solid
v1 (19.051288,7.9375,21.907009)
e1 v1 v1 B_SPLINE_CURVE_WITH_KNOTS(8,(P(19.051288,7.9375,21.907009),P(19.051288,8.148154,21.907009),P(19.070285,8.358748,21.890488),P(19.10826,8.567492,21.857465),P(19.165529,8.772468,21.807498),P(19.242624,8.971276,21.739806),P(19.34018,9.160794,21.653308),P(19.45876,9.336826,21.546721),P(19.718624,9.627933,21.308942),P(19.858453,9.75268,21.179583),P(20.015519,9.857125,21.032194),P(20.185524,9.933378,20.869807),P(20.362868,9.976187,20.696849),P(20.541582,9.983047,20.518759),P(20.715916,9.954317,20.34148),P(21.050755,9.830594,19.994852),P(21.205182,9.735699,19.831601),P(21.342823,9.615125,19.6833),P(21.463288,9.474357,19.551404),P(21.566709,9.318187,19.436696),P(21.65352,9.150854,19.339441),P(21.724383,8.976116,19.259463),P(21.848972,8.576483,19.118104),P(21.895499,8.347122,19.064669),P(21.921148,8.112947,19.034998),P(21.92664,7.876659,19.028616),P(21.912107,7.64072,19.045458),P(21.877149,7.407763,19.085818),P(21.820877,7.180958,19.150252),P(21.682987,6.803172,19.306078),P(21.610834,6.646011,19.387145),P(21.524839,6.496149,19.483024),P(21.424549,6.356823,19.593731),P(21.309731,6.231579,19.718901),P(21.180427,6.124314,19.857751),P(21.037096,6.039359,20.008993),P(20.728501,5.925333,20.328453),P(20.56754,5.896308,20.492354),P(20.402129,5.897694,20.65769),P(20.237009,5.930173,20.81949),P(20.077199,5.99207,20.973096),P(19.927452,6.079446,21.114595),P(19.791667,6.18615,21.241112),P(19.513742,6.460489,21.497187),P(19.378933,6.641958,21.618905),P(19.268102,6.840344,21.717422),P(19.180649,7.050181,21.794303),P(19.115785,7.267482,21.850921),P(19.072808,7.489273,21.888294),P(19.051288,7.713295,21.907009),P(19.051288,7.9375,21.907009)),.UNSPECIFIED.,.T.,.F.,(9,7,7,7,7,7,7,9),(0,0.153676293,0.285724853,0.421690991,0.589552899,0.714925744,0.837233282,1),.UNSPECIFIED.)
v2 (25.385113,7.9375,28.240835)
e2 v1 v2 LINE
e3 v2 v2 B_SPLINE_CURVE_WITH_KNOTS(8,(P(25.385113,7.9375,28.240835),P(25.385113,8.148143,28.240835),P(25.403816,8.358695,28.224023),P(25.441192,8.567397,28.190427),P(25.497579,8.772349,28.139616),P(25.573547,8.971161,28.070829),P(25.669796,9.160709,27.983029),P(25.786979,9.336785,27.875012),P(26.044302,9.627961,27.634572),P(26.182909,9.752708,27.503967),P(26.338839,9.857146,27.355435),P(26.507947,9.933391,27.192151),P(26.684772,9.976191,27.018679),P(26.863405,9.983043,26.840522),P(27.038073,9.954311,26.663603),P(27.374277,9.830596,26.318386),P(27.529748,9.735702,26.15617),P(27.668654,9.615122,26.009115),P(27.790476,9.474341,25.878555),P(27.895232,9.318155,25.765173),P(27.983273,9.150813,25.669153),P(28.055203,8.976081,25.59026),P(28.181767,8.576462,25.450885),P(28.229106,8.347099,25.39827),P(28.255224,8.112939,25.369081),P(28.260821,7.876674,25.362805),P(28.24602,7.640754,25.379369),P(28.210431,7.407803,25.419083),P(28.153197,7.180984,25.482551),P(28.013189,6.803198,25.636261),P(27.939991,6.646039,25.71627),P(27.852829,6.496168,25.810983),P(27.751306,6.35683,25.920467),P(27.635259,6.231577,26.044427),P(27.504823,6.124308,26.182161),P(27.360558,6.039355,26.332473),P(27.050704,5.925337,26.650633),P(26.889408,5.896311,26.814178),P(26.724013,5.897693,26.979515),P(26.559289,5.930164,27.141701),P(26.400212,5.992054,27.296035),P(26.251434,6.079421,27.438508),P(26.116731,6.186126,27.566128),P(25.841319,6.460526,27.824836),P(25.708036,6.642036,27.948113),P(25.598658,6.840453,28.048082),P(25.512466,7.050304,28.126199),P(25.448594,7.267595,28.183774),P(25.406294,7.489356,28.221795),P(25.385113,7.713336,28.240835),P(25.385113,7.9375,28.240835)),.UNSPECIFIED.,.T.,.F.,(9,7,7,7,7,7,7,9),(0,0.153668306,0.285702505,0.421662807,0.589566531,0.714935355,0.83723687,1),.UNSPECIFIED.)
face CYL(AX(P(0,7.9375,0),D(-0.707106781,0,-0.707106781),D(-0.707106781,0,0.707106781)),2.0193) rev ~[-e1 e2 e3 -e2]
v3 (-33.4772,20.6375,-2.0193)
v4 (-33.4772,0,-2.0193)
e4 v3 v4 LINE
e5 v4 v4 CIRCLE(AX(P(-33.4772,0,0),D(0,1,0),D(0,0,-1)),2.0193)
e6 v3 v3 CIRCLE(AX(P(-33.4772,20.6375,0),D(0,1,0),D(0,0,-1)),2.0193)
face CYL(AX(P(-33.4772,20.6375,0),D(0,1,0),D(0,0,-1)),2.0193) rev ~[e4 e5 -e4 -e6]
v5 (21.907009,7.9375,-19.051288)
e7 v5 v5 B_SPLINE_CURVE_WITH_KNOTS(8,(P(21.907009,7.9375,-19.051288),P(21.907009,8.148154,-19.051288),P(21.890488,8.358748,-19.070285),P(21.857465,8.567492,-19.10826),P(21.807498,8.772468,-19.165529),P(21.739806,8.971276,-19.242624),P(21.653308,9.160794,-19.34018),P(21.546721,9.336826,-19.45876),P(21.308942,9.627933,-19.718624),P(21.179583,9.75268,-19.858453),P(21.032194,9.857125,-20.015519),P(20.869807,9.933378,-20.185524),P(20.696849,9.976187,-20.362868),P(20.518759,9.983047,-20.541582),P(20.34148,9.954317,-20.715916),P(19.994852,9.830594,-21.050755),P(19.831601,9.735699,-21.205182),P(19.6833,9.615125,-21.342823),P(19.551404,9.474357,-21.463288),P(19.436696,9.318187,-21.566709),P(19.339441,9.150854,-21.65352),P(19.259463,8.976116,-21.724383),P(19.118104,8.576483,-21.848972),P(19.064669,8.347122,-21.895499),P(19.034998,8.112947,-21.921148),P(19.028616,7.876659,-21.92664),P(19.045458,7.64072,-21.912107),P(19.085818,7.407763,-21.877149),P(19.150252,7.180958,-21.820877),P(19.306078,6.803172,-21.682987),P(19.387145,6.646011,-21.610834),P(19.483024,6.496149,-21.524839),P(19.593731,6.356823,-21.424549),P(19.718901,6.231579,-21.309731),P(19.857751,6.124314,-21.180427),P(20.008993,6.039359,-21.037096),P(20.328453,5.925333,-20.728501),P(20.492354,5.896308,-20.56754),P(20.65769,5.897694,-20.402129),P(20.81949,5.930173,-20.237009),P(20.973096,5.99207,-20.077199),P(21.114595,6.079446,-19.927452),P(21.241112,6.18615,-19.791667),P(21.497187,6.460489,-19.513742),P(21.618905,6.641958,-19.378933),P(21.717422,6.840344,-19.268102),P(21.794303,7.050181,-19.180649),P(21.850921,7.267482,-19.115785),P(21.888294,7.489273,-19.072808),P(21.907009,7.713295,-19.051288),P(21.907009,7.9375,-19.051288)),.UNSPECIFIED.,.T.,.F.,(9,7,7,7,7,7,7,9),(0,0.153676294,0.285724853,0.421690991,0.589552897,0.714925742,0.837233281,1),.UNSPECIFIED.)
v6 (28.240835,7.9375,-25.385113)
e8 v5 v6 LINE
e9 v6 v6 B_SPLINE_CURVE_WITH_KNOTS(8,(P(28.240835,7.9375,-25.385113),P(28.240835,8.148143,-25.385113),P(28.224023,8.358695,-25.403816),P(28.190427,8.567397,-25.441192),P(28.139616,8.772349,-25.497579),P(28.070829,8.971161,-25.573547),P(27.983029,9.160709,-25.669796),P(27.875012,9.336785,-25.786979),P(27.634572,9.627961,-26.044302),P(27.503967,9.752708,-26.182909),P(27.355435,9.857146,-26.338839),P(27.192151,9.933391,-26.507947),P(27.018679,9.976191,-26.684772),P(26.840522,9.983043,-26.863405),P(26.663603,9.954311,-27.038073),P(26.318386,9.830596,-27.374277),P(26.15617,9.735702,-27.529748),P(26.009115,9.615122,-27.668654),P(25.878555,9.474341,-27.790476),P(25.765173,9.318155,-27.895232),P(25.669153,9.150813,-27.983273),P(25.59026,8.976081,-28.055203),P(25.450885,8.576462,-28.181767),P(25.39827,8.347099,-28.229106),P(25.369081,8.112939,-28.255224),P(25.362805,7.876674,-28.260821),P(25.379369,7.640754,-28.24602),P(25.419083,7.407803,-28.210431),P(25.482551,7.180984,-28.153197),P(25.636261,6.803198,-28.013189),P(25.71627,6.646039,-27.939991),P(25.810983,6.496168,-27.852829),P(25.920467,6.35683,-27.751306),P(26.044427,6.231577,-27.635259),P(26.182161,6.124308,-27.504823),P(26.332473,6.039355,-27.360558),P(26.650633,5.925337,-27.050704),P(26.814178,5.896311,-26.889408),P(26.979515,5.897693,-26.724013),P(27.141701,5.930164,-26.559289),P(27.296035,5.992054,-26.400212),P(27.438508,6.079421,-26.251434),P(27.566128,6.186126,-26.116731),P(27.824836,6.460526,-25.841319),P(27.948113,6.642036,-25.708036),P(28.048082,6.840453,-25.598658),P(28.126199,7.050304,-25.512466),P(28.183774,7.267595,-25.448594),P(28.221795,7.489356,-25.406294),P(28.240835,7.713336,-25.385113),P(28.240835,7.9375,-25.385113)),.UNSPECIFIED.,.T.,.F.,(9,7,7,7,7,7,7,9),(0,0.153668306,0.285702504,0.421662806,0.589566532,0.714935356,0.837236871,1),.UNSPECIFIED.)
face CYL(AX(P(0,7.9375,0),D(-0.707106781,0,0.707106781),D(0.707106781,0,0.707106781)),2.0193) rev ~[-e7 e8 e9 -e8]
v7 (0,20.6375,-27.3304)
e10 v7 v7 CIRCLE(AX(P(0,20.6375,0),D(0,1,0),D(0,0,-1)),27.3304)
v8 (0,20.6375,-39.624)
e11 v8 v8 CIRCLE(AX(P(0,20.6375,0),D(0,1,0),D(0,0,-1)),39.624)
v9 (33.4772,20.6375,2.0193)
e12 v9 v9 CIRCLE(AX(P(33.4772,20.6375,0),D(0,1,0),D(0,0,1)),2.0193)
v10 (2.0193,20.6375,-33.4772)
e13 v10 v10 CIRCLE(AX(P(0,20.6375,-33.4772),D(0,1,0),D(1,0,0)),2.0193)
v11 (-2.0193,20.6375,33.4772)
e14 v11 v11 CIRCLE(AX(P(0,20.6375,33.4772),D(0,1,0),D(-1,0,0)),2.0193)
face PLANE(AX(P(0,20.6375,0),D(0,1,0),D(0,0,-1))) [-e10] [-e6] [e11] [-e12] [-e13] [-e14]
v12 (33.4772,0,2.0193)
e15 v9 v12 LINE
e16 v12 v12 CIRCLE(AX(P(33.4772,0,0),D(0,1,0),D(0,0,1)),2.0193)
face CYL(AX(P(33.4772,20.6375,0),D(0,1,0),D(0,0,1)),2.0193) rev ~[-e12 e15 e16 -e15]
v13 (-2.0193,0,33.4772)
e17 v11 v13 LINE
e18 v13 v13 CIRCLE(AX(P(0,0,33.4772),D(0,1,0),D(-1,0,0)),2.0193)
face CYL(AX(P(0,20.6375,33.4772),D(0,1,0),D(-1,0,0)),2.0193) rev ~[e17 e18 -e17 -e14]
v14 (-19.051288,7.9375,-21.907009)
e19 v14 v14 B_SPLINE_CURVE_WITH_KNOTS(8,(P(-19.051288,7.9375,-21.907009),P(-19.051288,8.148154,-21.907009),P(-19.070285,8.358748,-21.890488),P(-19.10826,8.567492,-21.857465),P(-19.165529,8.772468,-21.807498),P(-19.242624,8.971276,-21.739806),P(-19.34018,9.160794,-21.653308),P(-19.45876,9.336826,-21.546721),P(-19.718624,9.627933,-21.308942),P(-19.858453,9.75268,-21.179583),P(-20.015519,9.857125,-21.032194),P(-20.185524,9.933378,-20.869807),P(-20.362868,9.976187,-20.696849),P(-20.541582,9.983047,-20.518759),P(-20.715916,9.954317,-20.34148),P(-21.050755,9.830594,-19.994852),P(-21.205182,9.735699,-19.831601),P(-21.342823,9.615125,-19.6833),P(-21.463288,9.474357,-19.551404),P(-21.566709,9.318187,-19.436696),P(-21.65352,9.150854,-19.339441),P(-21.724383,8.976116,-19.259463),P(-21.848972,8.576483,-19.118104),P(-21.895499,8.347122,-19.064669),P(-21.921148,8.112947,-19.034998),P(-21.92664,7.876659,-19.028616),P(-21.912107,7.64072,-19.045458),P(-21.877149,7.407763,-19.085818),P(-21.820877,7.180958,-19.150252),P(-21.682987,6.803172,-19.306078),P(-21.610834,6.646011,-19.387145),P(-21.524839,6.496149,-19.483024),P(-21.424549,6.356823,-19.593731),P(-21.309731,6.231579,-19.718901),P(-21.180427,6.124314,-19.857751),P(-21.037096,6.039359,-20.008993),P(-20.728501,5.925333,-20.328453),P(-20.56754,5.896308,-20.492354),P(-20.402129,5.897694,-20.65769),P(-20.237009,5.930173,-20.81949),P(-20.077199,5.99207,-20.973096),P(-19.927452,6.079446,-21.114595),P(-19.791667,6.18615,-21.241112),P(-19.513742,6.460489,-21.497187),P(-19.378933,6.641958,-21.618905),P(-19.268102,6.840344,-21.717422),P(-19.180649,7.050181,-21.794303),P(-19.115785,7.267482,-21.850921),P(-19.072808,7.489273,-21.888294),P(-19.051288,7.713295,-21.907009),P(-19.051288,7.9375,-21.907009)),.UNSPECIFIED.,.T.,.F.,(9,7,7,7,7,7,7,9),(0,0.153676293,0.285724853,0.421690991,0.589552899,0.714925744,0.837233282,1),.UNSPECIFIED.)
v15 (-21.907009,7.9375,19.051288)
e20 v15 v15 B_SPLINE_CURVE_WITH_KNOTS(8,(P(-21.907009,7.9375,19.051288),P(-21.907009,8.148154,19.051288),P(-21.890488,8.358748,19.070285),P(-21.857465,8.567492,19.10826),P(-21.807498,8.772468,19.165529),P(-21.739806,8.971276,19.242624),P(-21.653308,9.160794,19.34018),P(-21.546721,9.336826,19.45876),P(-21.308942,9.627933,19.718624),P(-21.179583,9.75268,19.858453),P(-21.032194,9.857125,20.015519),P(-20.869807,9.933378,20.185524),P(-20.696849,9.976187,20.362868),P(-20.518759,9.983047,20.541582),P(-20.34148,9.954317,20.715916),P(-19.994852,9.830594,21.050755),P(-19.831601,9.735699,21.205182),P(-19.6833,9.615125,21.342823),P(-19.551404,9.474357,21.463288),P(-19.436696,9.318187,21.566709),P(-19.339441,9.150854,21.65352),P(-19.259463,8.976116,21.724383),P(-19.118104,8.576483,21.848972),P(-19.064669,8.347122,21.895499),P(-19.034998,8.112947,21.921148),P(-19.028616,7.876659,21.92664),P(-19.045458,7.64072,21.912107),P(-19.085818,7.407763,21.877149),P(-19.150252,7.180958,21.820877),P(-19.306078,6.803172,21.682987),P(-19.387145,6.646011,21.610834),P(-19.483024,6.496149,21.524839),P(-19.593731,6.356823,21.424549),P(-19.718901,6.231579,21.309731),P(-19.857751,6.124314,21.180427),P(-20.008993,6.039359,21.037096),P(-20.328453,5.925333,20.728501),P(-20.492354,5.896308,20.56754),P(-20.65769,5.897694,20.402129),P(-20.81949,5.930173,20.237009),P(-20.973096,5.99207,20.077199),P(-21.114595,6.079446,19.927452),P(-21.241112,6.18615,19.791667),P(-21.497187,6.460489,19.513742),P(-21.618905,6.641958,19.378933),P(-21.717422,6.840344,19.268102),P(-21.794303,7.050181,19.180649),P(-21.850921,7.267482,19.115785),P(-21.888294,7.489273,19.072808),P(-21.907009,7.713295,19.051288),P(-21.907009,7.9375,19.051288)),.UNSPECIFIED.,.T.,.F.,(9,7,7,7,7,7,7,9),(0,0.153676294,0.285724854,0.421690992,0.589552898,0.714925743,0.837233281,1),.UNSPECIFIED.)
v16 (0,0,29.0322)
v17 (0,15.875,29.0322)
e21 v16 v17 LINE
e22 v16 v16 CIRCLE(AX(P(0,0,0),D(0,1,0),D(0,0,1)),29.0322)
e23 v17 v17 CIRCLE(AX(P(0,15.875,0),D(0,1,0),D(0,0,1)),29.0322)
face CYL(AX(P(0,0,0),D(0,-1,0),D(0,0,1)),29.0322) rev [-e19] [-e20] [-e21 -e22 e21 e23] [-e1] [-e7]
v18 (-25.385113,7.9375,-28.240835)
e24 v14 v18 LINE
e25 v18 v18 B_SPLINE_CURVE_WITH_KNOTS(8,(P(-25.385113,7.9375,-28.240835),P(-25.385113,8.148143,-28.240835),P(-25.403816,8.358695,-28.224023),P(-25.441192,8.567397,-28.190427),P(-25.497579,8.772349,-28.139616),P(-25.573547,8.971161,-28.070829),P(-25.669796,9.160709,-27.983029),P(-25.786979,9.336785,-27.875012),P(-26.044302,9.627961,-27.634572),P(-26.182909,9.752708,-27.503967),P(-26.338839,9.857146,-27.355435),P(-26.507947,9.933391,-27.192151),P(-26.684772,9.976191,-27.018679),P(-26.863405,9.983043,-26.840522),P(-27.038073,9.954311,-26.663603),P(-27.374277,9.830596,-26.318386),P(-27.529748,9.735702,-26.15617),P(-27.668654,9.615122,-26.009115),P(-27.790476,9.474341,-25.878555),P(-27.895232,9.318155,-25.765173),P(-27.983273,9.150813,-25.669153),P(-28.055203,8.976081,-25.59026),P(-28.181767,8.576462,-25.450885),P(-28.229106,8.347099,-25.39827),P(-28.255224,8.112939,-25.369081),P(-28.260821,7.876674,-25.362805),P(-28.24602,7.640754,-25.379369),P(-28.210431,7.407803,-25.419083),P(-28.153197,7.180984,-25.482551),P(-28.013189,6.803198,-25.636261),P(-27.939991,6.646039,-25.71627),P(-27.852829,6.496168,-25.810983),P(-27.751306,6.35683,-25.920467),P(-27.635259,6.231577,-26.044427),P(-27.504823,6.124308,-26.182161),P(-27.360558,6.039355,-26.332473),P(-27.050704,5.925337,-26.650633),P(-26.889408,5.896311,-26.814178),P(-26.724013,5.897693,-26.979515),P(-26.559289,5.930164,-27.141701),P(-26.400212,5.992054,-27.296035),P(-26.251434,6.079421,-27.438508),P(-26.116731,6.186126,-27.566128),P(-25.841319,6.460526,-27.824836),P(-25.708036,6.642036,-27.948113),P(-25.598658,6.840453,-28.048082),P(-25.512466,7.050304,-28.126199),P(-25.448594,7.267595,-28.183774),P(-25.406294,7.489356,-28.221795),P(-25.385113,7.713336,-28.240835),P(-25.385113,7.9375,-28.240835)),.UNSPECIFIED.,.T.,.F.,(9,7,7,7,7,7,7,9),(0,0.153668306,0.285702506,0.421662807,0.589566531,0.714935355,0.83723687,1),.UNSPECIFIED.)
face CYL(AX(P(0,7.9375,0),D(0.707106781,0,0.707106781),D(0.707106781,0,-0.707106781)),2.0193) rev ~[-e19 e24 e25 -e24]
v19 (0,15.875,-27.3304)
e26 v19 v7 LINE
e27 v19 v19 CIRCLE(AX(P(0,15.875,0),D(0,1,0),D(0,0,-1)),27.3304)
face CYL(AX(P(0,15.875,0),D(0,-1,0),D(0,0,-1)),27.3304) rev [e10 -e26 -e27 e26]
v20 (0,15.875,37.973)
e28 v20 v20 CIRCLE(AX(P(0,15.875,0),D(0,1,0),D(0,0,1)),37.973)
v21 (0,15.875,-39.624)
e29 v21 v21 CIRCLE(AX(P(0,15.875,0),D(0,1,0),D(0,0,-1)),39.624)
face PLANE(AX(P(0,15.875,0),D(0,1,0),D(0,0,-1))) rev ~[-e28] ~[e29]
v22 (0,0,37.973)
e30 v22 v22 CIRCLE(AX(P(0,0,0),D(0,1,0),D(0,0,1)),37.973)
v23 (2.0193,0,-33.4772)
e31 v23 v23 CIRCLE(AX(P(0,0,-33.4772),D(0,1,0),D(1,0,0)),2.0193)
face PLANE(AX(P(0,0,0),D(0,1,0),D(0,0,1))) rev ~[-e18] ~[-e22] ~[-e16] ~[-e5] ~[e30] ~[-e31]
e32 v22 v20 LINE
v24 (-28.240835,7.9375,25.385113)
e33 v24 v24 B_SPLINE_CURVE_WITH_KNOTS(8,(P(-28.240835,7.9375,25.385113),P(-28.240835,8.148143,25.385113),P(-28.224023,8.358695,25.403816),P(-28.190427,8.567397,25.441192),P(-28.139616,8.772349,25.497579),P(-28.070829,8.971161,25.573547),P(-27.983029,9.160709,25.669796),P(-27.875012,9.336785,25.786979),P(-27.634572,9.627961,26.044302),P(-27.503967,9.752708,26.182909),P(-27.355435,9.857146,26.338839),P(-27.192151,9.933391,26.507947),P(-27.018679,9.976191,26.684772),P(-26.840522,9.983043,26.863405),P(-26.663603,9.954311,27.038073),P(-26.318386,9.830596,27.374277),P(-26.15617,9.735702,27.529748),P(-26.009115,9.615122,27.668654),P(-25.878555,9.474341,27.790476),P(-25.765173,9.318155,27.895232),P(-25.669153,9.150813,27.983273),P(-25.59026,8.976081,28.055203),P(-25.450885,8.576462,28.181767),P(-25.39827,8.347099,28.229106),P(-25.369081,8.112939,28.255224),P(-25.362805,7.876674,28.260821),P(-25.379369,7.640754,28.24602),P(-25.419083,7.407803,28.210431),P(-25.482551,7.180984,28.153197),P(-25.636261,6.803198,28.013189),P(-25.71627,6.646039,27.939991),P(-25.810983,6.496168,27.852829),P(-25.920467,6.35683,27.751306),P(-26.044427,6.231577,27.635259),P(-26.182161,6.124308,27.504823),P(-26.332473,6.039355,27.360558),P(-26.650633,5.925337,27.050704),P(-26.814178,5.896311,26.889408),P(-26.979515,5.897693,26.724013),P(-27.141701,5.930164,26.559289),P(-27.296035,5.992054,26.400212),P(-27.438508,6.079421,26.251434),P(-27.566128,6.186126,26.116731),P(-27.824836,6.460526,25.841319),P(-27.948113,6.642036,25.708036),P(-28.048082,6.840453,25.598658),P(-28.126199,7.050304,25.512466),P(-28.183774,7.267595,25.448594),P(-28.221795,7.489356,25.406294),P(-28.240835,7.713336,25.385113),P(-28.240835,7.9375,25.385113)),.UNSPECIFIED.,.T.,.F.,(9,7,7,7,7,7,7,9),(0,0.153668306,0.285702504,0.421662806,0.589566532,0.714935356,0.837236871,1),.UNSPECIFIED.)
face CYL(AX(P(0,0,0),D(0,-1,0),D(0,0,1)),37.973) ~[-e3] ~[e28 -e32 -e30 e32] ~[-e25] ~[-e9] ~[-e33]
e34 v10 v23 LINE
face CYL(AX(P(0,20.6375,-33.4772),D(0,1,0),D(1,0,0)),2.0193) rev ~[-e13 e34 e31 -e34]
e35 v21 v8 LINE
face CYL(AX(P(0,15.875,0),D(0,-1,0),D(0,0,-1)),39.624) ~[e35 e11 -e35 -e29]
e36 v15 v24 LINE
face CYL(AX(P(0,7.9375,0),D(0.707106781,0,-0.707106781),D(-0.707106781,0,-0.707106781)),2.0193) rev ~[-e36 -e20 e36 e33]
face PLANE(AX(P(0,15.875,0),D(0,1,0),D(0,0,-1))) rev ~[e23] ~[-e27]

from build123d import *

# Parameters (mm, degrees)
SKETCH1_R           = 37.973
SKETCH1_R_2         = 29.0322
BOSS_EXTRUDE1_DEPTH = 15.875
SKETCH3_R           = 39.624
SKETCH3_R_2         = 27.3304
BOSS_EXTRUDE2_DEPTH = 4.7625
SKETCH4_R           = 2.0193
CUT_EXTRUDE1_DEPTH  = 38.5445
CIRPATTERN2_COUNT   = 4
SKETCH5_R           = 2.0193
CUT_EXTRUDE2_DEPTH  = 52.2605
CIRPATTERN3_COUNT   = 4


with BuildPart() as part:
    # Sketch1 → Boss-Extrude1 (new body)
    with BuildSketch(Plane(origin=(0, 0, 0), x_dir=(1, 0, 0), z_dir=(0, 1, 0))):
        with Locations(Location((0, 0, 0), (0, 0, 270))):
            Circle(SKETCH1_R)
        with Locations(Location((0, 0, 0), (0, 0, 270))):
            Circle(SKETCH1_R_2, mode=Mode.SUBTRACT)
    extrude(amount=BOSS_EXTRUDE1_DEPTH)

    # Sketch3 → Boss-Extrude2 (add)
    with BuildSketch(Plane(origin=(0, 15.875, 0), x_dir=(1, 0, 0), z_dir=(0, 1, 0))):
        with Locations(Location((0, 0, 0), (0, 0, 90))):
            Circle(SKETCH3_R)
        with Locations(Location((0, 0, 0), (0, 0, 90))):
            Circle(SKETCH3_R_2, mode=Mode.SUBTRACT)
    extrude(amount=BOSS_EXTRUDE2_DEPTH)

    # Sketch4 → Cut-Extrude1 (cut)
    with BuildSketch(Plane(origin=(0, 20.6375, 0), x_dir=(1, 0, 0), z_dir=(0, 1, 0))):
        with Locations(Location((33.4772, 0, 0), (0, 0, 270))):
            Circle(SKETCH4_R)
    cut_extrude1 = extrude(amount=-CUT_EXTRUDE1_DEPTH, mode=Mode.SUBTRACT)

    # CirPattern2: Cut-Extrude1 ×4 about axis
    cirpattern2_axis = Axis((0, 0, 0), (0, 1, 0))
    for i in range(1, CIRPATTERN2_COUNT):
        add(cut_extrude1.rotate(cirpattern2_axis, i * 360 / CIRPATTERN2_COUNT), mode=Mode.SUBTRACT)

    # Sketch5 → Cut-Extrude2 (cut)
    with BuildSketch(Plane(origin=(0, 0, 0), x_dir=(-0.7071067811865477, 0, -0.7071067811865475), z_dir=(0.7071067811865475, 0, -0.7071067811865477))):
        with Locations((0, 7.9375)):
            Circle(SKETCH5_R)
    cut_extrude2 = extrude(amount=-CUT_EXTRUDE2_DEPTH, mode=Mode.SUBTRACT)

    # CirPattern3: Cut-Extrude2 ×4 about axis
    cirpattern3_axis = Axis((0, 15.875, 0), (0, -1, 0))
    for i in range(1, CIRPATTERN3_COUNT):
        add(cut_extrude2.rotate(cirpattern3_axis, i * 360 / CIRPATTERN3_COUNT), mode=Mode.SUBTRACT)


solid = part.part
